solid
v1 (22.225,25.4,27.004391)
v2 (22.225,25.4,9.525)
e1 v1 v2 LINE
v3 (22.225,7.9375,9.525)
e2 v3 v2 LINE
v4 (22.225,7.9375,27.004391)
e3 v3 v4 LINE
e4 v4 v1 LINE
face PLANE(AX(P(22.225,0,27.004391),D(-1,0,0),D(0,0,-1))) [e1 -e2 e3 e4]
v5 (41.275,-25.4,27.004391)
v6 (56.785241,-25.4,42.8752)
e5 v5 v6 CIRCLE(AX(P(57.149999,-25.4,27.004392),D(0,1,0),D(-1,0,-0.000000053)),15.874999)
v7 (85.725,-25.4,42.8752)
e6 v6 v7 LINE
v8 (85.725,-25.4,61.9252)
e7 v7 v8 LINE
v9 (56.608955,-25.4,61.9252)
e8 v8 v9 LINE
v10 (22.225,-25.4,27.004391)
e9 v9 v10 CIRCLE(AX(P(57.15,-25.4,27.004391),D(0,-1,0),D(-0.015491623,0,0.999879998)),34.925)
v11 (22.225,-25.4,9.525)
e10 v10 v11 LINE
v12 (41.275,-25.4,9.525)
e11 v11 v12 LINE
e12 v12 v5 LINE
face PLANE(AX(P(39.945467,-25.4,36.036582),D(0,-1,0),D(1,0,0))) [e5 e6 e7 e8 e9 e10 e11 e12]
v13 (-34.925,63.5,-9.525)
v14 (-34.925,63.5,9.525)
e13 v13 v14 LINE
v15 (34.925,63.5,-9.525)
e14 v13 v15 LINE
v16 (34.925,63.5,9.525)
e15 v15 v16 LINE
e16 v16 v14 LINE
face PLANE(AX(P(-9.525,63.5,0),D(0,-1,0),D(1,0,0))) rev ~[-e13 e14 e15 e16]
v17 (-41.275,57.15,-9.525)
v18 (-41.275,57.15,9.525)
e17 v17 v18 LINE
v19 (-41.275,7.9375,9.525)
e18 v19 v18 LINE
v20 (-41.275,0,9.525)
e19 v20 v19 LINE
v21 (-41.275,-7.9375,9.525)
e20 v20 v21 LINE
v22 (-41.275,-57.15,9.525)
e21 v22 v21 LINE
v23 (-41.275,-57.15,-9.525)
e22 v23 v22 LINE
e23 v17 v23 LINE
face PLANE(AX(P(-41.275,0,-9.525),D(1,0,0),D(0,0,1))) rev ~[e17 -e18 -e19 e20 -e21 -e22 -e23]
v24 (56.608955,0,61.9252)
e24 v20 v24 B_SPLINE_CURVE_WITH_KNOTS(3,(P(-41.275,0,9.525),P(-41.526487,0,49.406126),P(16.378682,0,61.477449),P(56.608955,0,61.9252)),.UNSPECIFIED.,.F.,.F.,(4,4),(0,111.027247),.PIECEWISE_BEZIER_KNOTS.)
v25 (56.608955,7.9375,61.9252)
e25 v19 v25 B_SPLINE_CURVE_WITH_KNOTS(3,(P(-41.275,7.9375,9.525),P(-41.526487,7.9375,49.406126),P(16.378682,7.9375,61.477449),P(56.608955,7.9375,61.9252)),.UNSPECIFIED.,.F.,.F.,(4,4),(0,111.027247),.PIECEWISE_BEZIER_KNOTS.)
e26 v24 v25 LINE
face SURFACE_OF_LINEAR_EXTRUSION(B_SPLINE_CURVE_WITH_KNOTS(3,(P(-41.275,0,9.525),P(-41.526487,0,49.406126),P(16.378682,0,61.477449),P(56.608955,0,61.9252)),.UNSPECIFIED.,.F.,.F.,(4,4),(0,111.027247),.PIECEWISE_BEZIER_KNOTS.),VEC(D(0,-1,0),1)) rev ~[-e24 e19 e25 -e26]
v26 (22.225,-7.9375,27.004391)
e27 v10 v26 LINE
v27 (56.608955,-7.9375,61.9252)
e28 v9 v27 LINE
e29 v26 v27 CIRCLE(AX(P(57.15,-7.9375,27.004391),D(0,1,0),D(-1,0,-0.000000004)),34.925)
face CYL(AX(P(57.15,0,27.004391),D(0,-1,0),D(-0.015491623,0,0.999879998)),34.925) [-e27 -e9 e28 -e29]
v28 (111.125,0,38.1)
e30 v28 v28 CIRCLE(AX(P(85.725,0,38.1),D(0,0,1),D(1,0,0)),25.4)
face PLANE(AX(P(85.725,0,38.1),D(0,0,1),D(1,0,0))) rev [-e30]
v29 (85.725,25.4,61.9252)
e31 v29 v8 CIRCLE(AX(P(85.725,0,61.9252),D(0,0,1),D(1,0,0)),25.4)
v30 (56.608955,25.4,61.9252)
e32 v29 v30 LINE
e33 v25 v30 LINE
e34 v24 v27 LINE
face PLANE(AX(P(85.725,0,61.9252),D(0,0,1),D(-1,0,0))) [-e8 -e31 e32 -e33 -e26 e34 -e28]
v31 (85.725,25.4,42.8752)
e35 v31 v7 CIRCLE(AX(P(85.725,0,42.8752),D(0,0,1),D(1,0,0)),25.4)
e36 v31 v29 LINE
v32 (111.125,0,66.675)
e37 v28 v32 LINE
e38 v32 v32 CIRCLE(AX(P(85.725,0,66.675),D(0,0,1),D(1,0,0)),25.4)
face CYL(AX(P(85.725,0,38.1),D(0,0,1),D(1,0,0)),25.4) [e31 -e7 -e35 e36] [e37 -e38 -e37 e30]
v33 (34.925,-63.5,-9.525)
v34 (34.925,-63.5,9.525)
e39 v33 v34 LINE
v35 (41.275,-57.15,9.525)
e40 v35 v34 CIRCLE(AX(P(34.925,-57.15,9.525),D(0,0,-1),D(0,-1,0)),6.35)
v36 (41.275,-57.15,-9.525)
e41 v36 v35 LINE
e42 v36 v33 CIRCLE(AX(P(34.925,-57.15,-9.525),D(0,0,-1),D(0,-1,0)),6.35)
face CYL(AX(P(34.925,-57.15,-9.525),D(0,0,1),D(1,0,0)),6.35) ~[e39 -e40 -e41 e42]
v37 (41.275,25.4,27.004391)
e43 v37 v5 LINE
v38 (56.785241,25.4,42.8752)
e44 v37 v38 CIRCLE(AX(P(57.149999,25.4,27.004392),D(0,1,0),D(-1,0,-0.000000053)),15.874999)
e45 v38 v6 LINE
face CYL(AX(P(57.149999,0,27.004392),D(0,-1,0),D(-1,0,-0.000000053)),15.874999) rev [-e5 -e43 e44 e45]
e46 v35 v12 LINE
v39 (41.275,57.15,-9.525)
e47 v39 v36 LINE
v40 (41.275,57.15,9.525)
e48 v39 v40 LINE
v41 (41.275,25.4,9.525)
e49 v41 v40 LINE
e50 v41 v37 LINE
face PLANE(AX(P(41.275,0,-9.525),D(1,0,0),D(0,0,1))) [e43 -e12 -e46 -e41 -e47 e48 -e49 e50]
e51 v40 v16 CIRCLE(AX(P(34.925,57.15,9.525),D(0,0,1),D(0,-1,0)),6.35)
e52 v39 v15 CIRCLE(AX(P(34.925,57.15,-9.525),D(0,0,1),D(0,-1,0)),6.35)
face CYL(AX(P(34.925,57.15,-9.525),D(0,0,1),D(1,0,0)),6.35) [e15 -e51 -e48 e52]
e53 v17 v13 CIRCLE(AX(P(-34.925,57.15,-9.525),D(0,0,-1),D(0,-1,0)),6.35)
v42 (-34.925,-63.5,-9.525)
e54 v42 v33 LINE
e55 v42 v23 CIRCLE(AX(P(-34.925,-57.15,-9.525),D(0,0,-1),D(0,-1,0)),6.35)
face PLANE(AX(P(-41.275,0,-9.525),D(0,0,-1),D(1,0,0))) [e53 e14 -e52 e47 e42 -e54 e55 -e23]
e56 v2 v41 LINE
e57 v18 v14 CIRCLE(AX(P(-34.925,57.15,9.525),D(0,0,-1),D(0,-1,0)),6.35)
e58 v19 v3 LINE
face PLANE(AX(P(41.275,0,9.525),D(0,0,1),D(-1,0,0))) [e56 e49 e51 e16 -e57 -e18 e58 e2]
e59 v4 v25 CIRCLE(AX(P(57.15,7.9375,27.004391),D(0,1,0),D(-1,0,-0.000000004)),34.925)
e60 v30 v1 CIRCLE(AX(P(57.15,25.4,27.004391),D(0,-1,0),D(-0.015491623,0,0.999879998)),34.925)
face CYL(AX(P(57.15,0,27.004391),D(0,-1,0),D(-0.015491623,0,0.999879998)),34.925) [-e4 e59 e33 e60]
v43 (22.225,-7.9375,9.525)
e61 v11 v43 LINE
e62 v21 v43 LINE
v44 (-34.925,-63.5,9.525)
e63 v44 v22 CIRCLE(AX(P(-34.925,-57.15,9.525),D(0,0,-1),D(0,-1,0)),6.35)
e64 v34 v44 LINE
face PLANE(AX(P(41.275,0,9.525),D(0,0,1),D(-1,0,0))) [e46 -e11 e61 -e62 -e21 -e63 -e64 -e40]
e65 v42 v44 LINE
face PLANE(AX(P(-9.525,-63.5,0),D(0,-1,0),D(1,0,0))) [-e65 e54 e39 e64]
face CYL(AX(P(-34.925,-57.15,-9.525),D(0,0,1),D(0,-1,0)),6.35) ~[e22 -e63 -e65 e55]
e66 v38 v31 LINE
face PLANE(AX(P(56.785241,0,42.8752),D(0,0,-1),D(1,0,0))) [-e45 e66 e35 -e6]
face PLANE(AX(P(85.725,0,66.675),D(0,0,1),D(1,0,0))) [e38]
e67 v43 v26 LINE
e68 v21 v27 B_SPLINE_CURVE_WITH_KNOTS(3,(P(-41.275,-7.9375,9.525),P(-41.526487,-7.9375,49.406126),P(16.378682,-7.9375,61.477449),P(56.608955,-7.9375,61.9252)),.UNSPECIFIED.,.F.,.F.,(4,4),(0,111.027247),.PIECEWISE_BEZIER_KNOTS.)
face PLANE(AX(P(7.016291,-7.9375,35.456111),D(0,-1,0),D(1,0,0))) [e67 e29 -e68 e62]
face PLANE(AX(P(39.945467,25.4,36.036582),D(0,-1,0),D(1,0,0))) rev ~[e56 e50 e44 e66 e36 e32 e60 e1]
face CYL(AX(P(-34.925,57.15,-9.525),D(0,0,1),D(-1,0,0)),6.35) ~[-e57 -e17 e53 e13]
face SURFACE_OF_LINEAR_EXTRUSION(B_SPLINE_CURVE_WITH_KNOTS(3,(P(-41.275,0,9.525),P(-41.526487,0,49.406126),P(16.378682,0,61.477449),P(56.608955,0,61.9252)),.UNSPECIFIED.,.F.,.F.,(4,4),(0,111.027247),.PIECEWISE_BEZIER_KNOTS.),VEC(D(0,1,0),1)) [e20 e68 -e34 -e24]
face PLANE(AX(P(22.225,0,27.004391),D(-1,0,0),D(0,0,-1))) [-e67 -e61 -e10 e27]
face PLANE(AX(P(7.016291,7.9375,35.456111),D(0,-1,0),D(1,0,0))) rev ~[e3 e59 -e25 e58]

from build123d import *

# Parameters (mm, degrees)
F0_W     = 63.5
F0_H     = 19.05
F0_W_2   = 19.05
F1_DEPTH = 63.5
F0_W_3   = 25.4
F2_DEPTH = 25.4
F3_DEPTH = 7.9375
F5_R     = 6.35


with BuildPart() as f1:
    # F0 (on Front) → F1 (new body, symmetric)
    with BuildSketch(Plane.XZ):
        with Locations((-9.525, 0)):
            Rectangle(F0_W, F0_H)
        with Locations((31.75, 0)):
            Rectangle(F0_W_2, F0_H)
    extrude(amount=F1_DEPTH, both=True)

    # F0 (on Front) → F2 (join, symmetric)
    with BuildSketch(Plane.XZ):
        with BuildLine():
            Line((22.225, 9.525), (41.275, 9.525))
            Line((41.275, 9.525), (41.275, 27.004391))
            ThreePointArc((41.275, 27.004391), (45.79645, 38.1), (56.785241, 42.8752))
            Line((56.785241, 42.8752), (60.325, 42.8752))
            Line((60.325, 42.8752), (60.325, 61.9252))
            Line((60.325, 61.9252), (56.608955, 61.9252))
            ThreePointArc((56.608955, 61.9252), (32.263743, 51.508061), (22.225, 27.004391))
            Line((22.225, 27.004391), (22.225, 9.525))
        make_face()
        with Locations((73.025, 52.4002)):
            Rectangle(F0_W_3, F0_H)
    extrude(amount=F2_DEPTH, both=True)

    # F0 (on Front) → F3 (join, symmetric)
    with BuildSketch(Plane.XZ):
        with BuildLine():
            Line((-41.275, 9.525), (22.225, 9.525))
            Line((22.225, 9.525), (22.225, 27.004391))
            ThreePointArc((22.225, 27.004391), (32.263743, 51.508061), (56.608955, 61.9252))
            add(Edge.make_bspline(
                [(-41.275, 9.525), (-41.526487, 49.406126), (16.378682, 61.477449), (56.608955, 61.9252)],
                knots=[0, 0, 0, 0, 111.027247, 111.027247, 111.027247, 111.027247], degree=3))
        make_face()
    extrude(amount=F3_DEPTH, both=True)

    # F0 (on Front) → F4 (revolve)
    with BuildSketch(Plane.XZ):
        Polygon((85.725, 61.9252), (85.725, 42.8752), (85.725, 38.1), (111.125, 38.1), (111.125, 66.675), (85.725, 66.675), align=None)
    revolve(axis=Axis((85.725, 0, 52.3875), (0, 0, 1)))

    # F5
    f5_edges = [f1.edges().sort_by_distance(p)[0] for p in [
        (41.275, -63.5, 0),
        (-41.275, -63.5, 0),
        (41.275, 63.5, 0),
        (-41.275, 63.5, 0),
    ]]
    fillet(f5_edges, radius=F5_R)


solid = f1.part
